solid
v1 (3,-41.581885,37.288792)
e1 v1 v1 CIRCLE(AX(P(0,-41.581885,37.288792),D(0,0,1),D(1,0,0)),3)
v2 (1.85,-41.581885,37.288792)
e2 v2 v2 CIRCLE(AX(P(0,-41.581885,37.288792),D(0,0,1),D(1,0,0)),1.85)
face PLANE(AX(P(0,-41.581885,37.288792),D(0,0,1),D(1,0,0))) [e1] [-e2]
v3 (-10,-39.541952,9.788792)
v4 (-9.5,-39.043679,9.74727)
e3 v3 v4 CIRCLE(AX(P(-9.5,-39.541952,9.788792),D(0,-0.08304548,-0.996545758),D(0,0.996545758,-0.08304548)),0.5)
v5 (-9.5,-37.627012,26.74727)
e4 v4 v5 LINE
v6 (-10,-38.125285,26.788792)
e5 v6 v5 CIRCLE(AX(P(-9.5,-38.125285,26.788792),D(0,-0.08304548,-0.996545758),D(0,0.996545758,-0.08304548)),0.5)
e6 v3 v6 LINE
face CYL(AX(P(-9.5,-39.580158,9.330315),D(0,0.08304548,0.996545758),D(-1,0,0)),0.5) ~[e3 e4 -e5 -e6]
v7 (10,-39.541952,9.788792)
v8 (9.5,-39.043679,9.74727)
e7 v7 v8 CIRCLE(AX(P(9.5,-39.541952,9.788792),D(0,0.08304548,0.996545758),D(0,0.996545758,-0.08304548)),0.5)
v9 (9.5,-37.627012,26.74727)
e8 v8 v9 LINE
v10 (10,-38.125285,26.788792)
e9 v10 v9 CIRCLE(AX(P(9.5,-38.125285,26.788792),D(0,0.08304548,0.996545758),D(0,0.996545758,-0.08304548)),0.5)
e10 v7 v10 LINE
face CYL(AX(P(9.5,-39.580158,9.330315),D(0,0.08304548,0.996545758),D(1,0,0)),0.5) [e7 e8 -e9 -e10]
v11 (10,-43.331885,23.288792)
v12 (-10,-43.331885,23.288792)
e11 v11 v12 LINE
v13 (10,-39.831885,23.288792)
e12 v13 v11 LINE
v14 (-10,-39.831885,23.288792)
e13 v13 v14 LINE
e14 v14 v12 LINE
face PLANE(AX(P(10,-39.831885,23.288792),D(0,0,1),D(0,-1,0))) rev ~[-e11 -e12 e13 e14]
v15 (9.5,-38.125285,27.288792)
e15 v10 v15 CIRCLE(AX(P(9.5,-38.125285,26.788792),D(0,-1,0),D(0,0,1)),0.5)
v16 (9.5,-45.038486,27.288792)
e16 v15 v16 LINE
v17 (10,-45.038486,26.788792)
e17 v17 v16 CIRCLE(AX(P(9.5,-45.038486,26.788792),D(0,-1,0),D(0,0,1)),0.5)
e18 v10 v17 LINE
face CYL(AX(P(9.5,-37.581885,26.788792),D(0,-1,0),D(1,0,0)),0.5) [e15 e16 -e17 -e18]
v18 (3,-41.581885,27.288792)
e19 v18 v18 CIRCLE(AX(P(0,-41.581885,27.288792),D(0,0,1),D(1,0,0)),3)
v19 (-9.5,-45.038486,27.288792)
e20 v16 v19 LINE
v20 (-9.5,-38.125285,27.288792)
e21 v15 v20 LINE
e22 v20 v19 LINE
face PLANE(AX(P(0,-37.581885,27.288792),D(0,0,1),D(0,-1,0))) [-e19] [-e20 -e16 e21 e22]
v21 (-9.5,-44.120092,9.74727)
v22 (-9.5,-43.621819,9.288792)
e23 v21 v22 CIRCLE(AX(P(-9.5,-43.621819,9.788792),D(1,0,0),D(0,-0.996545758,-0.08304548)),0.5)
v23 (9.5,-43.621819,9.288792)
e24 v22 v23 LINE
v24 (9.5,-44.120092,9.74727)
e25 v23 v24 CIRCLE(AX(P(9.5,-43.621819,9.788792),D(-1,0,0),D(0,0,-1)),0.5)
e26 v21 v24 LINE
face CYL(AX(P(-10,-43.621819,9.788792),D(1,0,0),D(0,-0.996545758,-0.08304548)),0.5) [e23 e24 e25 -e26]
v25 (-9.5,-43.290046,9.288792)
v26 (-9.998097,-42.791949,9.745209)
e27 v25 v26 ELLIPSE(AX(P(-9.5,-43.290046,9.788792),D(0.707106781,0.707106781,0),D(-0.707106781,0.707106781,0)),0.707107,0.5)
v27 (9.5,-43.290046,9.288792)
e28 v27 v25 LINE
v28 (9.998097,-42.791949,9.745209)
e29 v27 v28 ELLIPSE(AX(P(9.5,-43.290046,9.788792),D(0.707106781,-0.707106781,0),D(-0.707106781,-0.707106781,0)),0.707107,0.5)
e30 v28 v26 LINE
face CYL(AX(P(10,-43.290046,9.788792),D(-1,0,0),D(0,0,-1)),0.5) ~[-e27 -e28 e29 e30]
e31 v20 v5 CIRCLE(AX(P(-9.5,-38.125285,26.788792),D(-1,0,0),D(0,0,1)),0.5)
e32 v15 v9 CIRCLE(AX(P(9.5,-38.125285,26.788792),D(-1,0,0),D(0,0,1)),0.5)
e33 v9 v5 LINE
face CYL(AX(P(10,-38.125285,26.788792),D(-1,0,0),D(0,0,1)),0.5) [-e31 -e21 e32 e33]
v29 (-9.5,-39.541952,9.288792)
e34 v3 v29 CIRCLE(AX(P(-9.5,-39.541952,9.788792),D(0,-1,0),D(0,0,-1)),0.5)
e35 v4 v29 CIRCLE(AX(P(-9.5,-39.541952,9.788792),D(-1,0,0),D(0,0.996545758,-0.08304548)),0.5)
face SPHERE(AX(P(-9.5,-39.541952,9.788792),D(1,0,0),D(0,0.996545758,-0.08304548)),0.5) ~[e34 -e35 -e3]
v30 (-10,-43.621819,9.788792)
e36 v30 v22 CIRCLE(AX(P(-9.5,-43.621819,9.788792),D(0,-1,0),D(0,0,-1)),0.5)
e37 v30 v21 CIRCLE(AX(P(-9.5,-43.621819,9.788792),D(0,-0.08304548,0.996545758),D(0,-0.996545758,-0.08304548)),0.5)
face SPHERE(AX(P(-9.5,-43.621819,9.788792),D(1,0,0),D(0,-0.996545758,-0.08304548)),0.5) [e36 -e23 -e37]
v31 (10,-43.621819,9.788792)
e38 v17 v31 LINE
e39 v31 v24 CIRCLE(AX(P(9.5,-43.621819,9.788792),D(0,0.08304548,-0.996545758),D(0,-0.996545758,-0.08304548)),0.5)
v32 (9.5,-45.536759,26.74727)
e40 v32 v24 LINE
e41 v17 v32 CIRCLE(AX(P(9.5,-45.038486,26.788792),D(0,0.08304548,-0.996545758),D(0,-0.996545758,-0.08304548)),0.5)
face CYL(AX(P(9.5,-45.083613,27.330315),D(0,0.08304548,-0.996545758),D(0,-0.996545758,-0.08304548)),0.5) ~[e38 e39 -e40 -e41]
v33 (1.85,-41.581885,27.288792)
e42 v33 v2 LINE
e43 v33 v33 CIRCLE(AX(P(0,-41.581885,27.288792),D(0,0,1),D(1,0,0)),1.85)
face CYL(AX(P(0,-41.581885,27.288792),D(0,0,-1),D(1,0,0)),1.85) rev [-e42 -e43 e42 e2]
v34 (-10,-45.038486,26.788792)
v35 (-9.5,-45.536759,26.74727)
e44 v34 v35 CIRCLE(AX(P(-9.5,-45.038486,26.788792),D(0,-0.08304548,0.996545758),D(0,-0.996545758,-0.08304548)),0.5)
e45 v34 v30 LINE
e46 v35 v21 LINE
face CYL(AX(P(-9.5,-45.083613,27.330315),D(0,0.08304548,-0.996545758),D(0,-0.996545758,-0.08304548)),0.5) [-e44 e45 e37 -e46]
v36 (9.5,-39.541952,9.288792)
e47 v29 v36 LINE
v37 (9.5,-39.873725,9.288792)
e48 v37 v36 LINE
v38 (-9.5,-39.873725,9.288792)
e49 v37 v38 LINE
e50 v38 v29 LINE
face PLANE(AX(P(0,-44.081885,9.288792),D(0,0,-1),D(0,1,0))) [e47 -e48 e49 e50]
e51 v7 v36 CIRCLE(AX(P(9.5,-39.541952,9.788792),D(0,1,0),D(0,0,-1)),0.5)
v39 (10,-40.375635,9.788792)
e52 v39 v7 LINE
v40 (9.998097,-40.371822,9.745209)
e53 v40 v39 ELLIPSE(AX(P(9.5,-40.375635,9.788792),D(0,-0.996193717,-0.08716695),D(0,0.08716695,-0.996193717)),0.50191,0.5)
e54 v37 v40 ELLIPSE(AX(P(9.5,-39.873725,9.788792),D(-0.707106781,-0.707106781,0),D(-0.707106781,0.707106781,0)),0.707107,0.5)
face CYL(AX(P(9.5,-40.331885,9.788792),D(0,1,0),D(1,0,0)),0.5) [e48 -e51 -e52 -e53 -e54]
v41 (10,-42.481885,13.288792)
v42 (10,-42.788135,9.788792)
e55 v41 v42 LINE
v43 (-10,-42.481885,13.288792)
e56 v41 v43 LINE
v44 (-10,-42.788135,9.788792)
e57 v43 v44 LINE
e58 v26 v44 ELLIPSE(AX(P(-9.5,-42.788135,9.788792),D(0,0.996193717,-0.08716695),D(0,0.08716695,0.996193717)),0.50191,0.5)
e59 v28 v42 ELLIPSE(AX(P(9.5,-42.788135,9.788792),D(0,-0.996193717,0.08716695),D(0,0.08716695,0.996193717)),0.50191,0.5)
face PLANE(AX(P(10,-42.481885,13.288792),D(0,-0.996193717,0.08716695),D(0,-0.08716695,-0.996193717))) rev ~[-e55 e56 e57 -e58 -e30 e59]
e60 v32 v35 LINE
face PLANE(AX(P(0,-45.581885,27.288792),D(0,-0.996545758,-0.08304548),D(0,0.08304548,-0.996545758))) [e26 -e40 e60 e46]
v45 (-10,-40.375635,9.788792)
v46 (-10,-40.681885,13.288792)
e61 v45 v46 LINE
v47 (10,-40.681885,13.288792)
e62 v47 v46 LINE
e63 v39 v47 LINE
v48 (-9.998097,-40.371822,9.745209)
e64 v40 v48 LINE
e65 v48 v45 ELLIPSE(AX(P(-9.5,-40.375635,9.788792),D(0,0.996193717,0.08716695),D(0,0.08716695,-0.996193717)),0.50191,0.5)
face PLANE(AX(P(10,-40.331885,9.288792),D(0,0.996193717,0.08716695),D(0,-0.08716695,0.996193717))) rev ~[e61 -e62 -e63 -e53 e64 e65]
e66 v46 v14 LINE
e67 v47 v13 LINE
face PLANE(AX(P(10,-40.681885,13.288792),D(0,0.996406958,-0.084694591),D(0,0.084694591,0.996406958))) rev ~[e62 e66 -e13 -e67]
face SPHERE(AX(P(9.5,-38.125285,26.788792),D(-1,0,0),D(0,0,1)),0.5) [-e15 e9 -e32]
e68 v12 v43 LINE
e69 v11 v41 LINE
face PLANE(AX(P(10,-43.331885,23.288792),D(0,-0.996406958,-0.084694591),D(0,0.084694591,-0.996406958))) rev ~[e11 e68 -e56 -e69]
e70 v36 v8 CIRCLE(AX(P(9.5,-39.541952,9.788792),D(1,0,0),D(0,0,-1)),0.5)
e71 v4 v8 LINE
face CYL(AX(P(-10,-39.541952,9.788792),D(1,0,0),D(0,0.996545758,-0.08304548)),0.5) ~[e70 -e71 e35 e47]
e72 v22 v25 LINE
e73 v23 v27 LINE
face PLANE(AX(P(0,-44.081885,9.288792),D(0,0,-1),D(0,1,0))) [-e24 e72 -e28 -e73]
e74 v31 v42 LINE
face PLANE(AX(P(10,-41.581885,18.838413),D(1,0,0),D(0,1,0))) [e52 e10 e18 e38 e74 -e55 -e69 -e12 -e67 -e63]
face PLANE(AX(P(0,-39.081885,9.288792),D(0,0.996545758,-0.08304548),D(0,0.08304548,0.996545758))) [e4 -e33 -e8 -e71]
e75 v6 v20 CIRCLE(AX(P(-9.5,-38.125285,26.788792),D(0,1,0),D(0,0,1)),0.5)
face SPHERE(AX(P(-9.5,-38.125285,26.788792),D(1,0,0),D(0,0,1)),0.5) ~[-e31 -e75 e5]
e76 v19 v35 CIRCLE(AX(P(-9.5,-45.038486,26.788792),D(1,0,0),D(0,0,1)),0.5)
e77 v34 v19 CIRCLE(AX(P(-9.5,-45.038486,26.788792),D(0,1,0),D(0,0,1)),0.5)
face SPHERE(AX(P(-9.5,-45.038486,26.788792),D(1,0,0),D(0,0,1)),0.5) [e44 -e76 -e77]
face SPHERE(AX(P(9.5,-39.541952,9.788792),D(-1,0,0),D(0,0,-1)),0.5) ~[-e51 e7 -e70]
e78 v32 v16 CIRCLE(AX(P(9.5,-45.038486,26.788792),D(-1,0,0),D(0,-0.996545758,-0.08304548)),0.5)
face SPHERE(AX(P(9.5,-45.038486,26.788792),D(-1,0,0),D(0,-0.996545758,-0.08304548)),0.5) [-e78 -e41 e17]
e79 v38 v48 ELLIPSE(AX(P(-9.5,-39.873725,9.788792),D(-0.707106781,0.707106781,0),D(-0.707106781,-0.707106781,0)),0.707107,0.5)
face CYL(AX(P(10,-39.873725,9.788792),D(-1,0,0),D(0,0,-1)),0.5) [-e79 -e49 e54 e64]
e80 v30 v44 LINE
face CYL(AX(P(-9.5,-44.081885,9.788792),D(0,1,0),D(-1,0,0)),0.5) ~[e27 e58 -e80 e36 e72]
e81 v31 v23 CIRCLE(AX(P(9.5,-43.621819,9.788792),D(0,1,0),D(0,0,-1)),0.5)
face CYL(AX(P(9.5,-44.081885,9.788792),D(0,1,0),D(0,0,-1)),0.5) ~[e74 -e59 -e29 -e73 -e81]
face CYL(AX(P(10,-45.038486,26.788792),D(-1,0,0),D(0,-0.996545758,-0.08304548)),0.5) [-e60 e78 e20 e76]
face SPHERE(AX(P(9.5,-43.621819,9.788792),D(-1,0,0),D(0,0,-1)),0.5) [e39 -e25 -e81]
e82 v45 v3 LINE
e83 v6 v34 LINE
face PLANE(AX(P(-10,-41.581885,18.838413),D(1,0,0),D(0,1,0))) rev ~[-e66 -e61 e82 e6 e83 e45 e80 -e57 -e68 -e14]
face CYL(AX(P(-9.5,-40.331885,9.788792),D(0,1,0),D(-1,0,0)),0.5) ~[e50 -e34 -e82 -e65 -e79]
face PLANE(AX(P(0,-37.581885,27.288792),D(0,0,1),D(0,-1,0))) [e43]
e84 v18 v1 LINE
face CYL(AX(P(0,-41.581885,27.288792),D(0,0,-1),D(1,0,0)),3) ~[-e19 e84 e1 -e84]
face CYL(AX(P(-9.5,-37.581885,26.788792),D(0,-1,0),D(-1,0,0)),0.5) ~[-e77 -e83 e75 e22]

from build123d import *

# Parameters (mm, degrees)
F1_DEPTH = 10
F3_DEPTH = 25
F4_R     = 0.5
F5_R     = 3
F5_R_2   = 1.85
F6_DEPTH = 10


with BuildPart() as f1:
    # F0 (on Right) → F1 (new body, symmetric)
    with BuildSketch(Plane.YZ):
        Polygon((-45.5818854975, 27.2887923438), (-44.0818854975, 9.2887923438), (-39.0818854975, 9.2887923438), (-37.5818854975, 27.2887923438), align=None)
    extrude(amount=F1_DEPTH, both=True)

    # F2 (on face) → F3 (cut)
    with BuildSketch(Plane.YZ.offset(10)):
        Polygon((-42.8318854975, 9.2887923438), (-40.3318854975, 9.2887923438), (-40.6818854975, 13.2887923438), (-39.8318854975, 23.2887923438), (-41.5818854975, 23.2887923438), (-43.3318854975, 23.2887923438), (-42.4818854975, 13.2887923438), align=None)
    extrude(amount=-F3_DEPTH, mode=Mode.SUBTRACT)

    # F4
    f4_edges = [f1.edges().sort_by_distance(p)[0] for p in [
        (10, -44.831885, 18.288792),
        (10, -41.581885, 27.288792),
        (10, -38.331885, 18.288792),
        (0, -39.081885, 9.288792),
        (0, -44.081885, 9.288792),
        (-10, -44.831885, 18.288792),
        (-10, -38.331885, 18.288792),
        (0, -37.581885, 27.288792),
        (0, -45.581885, 27.288792),
        (-10, -41.581885, 27.288792),
        (-10, -39.706885, 9.288792),
        (0, -40.331885, 9.288792),
        (-10, -43.456885, 9.288792),
        (0, -42.831885, 9.288792),
        (10, -39.706885, 9.288792),
        (10, -43.456885, 9.288792),
    ]]
    fillet(f4_edges, radius=F4_R)

    # F5 (on face) → F6 (join)
    with BuildSketch(Plane.XY.offset(27.2887923438)):
        with Locations((0, -41.5818854975)):
            Circle(F5_R)
        with Locations((0, -41.5818854975)):
            Circle(F5_R_2, mode=Mode.SUBTRACT)
    extrude(amount=F6_DEPTH)


solid = f1.part
